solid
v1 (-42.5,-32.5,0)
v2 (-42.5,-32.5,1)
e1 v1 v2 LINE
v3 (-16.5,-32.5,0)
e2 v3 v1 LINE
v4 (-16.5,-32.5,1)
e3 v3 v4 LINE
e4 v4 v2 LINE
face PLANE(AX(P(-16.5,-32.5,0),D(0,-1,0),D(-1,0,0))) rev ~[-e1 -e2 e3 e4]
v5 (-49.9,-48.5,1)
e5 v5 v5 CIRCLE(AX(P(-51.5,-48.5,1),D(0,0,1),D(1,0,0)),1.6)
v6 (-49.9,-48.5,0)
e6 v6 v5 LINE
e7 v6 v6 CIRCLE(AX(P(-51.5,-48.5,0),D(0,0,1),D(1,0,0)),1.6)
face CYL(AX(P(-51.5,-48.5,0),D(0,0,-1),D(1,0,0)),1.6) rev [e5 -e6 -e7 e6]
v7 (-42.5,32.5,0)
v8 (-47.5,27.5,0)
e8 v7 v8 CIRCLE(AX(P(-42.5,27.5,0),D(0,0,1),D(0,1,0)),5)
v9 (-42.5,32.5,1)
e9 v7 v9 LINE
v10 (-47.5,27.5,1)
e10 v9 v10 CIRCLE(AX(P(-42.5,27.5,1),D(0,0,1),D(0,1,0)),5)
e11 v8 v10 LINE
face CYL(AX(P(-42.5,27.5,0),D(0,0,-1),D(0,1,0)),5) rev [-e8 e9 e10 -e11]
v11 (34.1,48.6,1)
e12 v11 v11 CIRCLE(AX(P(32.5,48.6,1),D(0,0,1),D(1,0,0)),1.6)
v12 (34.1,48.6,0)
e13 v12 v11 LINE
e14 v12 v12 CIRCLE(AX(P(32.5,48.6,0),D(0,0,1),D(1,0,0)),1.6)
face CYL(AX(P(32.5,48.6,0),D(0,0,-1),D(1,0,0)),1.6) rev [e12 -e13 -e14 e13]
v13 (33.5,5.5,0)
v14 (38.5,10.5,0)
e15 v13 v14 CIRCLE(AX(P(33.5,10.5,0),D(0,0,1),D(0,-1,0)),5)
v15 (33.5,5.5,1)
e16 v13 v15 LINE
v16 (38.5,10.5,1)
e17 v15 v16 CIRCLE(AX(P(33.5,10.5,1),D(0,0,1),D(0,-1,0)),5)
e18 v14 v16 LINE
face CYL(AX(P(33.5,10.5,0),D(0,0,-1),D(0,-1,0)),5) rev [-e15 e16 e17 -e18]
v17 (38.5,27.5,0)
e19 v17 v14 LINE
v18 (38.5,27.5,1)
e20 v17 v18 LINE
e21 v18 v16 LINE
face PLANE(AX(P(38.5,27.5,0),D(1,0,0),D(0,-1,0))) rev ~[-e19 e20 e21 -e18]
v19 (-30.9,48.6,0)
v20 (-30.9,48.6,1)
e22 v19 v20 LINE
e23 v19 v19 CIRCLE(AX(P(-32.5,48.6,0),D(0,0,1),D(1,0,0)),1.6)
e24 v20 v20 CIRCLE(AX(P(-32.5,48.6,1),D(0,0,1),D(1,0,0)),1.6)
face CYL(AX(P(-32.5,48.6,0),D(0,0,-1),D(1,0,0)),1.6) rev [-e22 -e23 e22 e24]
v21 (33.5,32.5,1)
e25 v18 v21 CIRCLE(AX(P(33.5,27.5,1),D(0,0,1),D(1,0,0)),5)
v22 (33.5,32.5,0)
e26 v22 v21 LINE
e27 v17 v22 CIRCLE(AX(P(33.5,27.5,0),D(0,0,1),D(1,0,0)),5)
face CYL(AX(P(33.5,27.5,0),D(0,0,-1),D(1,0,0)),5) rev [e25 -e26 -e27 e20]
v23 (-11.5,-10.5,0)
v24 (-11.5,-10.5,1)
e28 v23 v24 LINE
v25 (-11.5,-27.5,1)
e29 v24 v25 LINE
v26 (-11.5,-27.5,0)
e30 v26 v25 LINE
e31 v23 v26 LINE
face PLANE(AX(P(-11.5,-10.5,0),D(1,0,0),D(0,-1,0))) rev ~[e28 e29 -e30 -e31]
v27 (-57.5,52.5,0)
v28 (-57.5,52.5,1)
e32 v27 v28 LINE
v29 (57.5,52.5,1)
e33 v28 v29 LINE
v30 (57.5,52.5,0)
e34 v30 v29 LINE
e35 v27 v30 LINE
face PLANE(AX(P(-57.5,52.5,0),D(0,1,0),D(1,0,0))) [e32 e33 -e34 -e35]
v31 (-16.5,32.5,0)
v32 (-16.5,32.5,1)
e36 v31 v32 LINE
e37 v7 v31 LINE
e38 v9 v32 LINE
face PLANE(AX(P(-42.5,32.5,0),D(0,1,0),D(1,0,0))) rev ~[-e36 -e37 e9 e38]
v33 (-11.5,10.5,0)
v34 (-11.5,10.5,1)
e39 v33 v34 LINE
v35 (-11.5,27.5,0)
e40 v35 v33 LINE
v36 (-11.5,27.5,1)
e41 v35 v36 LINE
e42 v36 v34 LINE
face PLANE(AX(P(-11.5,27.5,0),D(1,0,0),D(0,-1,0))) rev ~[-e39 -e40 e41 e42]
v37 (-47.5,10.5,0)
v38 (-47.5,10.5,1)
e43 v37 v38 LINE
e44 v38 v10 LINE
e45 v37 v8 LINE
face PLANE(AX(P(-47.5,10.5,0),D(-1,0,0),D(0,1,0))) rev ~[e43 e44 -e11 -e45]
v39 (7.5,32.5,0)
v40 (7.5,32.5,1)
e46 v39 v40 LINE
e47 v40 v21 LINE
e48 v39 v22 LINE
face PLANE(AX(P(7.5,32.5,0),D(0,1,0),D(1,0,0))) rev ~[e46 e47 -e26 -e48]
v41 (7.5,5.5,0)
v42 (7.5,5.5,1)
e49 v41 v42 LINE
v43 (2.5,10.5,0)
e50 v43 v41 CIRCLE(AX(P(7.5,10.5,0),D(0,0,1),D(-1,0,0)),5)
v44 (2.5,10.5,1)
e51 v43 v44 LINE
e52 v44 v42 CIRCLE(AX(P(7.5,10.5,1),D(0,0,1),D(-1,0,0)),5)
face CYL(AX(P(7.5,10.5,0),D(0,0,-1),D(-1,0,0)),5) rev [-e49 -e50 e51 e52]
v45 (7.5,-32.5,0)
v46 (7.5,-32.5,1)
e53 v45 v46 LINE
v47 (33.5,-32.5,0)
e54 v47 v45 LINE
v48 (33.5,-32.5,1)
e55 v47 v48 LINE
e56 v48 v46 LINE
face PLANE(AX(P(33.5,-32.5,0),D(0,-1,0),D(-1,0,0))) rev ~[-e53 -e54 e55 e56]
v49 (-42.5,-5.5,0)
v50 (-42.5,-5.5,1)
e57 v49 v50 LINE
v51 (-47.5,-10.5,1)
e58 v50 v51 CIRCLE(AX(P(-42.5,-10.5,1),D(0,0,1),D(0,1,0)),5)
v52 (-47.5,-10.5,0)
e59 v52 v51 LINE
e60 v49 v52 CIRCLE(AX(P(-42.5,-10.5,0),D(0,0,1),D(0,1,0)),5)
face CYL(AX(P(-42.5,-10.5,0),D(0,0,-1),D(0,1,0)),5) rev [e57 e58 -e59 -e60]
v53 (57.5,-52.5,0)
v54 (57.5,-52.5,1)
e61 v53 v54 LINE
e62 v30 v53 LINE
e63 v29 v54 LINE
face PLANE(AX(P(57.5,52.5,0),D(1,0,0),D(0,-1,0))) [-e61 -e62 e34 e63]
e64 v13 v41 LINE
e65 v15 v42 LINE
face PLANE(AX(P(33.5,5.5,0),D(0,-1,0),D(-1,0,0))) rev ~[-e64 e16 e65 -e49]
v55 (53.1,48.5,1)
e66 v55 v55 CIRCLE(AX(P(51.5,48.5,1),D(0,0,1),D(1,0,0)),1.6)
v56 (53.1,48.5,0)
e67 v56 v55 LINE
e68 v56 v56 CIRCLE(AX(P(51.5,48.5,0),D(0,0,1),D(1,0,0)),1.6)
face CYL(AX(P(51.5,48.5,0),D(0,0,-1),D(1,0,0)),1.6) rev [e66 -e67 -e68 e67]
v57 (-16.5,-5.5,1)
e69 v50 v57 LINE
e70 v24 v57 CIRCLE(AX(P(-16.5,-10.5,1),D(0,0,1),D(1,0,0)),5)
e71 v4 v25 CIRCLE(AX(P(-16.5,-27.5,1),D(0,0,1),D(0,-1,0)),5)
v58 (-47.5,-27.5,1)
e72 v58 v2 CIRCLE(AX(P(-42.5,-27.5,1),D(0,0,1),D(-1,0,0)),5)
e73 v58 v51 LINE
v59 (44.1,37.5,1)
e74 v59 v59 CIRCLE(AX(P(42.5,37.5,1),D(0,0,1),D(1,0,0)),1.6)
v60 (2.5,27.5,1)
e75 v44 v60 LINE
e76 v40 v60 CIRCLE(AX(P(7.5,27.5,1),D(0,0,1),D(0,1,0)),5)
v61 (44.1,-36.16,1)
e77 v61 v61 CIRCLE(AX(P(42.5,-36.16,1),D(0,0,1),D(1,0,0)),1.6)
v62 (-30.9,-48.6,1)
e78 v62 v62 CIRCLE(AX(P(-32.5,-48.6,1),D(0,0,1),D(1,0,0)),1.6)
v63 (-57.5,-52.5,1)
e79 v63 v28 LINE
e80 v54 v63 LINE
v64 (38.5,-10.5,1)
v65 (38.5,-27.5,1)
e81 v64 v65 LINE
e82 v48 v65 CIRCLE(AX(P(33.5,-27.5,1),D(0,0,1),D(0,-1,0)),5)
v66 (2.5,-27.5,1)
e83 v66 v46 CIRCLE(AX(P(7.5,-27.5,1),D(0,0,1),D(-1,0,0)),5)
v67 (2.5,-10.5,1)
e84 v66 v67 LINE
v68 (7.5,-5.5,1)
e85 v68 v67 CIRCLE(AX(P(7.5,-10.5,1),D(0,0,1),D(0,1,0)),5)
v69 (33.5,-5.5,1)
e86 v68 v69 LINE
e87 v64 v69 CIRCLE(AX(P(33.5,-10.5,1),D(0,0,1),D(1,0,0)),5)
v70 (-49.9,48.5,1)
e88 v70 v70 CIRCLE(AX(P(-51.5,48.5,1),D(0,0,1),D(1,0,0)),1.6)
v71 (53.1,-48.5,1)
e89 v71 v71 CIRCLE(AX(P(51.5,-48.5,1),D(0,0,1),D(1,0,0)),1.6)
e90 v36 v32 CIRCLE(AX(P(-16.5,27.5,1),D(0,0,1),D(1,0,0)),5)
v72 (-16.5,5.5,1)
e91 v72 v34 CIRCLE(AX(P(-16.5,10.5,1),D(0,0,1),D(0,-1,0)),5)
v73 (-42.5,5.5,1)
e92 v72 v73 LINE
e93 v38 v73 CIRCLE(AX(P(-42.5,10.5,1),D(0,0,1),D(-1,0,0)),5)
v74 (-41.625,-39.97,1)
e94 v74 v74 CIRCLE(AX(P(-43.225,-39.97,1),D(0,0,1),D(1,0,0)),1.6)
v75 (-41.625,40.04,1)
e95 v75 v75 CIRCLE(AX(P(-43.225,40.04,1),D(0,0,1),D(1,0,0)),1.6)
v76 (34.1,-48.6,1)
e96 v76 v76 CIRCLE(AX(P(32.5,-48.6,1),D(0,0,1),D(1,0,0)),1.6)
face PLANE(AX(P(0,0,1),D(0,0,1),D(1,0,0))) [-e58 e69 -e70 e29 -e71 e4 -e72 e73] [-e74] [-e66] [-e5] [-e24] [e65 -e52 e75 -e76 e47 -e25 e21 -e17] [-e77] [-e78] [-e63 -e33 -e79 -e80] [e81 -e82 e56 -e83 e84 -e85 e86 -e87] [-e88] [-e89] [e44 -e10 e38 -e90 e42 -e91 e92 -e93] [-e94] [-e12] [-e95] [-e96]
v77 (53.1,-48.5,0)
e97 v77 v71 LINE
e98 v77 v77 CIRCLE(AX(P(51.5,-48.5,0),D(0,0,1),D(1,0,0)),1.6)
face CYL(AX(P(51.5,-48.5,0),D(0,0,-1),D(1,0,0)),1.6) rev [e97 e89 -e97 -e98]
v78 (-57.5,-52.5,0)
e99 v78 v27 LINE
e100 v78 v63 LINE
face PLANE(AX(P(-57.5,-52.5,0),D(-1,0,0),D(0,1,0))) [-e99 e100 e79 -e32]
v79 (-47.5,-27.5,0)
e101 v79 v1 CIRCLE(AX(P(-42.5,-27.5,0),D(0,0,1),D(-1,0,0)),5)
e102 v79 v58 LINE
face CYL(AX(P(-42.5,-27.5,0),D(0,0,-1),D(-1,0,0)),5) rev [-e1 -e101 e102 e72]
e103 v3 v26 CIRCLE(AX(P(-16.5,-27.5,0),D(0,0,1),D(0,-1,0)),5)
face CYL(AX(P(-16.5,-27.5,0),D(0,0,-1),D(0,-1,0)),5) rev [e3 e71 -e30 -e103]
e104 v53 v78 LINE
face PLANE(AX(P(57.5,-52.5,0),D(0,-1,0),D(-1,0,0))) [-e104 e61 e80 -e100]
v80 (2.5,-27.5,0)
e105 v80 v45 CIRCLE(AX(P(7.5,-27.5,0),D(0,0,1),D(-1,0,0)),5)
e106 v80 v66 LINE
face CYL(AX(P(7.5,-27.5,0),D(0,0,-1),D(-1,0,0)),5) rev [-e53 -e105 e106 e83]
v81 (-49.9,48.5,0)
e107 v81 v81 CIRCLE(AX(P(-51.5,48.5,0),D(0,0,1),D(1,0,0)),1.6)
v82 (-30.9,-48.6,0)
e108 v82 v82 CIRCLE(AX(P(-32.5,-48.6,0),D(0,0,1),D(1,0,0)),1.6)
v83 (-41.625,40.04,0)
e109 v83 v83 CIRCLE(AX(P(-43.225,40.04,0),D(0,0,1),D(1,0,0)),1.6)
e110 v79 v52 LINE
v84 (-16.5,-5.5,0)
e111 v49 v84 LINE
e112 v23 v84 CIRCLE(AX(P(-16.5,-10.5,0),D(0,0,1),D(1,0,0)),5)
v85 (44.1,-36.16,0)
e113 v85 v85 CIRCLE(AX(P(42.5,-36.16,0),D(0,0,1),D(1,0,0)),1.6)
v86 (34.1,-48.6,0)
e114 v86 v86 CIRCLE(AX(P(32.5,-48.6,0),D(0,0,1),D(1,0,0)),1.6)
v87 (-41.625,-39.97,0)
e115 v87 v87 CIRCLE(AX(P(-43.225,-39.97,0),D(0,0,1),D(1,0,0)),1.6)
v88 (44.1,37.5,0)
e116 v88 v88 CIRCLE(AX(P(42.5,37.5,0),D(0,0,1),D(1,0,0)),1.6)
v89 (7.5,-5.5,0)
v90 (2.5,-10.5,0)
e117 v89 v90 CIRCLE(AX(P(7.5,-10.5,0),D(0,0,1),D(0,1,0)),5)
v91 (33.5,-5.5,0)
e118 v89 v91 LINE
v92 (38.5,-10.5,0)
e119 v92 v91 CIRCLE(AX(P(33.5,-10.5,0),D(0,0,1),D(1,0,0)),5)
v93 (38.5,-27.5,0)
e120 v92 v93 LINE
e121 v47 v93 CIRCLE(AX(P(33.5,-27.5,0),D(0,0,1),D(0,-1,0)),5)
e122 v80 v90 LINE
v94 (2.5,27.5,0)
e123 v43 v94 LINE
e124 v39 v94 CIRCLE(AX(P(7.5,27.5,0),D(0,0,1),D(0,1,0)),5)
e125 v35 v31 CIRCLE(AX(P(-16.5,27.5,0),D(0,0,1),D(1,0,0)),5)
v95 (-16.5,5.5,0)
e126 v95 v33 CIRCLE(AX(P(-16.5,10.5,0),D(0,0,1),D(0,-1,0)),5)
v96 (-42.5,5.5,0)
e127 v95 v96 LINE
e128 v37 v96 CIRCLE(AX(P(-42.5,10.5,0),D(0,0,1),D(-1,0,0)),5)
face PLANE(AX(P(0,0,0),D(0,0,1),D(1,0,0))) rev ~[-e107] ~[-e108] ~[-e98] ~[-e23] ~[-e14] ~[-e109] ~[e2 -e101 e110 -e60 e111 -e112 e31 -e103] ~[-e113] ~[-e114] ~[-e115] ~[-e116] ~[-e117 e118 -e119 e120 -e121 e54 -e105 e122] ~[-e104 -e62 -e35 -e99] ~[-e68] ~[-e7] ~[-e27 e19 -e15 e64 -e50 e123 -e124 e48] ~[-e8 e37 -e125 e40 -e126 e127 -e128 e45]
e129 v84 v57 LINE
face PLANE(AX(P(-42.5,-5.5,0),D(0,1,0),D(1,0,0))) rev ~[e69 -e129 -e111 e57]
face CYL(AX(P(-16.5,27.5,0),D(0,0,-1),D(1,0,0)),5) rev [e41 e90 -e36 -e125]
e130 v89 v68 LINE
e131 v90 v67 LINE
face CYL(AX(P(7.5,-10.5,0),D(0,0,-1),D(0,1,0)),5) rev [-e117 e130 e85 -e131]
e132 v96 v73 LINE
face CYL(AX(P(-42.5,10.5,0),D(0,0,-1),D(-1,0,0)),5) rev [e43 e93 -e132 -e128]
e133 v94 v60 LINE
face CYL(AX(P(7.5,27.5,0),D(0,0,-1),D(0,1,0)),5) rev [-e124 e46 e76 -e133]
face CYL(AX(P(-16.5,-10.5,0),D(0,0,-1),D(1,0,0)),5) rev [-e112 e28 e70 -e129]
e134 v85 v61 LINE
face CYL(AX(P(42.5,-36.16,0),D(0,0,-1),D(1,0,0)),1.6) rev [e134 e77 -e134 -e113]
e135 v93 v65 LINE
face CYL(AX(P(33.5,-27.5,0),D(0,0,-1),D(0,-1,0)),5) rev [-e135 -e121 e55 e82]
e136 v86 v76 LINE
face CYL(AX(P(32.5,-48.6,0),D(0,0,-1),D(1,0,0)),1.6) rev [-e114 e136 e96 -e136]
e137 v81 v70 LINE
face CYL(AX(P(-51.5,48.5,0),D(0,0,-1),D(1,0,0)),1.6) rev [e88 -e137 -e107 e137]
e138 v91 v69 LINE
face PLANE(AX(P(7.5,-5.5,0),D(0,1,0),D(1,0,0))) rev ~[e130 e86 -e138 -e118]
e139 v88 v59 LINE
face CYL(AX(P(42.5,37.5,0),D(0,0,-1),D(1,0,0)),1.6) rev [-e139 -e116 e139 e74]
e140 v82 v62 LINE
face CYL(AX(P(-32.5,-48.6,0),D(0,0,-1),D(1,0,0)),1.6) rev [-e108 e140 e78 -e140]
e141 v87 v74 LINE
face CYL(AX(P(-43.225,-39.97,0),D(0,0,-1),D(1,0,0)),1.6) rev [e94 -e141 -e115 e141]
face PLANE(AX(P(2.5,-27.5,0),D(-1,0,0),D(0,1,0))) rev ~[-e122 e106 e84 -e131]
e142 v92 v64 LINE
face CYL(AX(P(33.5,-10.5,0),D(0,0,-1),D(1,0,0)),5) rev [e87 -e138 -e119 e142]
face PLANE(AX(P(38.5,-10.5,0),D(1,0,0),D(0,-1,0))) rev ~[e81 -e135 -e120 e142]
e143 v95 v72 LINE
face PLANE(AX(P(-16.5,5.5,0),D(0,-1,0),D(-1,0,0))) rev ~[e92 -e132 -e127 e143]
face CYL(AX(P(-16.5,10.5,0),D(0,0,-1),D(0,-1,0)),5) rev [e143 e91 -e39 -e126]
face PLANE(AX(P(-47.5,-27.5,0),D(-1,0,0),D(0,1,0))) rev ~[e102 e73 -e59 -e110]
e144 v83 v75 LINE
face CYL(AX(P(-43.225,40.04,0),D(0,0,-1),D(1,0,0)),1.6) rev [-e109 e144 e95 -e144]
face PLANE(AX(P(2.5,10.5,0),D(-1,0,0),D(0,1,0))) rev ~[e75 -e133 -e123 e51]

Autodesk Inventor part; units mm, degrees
ref_plane "YZ Plane" through (0, 0, 0) normal (1, 0, 0) x (0, 1, 0)
ref_plane "XZ Plane" through (0, 0, 0) normal (0, 1, 0) x (-1, 0, 0)
ref_plane "XY Plane" through (0, 0, 0) normal (0, 0, 1) x (1, 0, 0)
sketch "Sketch1" plane through (0, 0, 0) normal (0, 0, 1) x (1, 0, 0)
  line L0 (-57.5, 52.5) -> (57.5, 52.5)
  line L1 (57.5, 52.5) -> (57.5, -52.5)
  line L2 (57.5, -52.5) -> (-57.5, -52.5)
  line L3 (-57.5, -52.5) -> (-57.5, 52.5)
  line L4 (-57.5, 52.5) -> (57.5, -52.5) construction
  line L5 (57.5, 52.5) -> (-57.5, -52.5) construction
  circle A0 centre (42.5, 37.5) radius 1.6
  line L6 (-42.5, 32.5) -> (-16.5, 32.5)
  line L7 (-11.5, 27.5) -> (-11.5, 10.5)
  line L8 (-16.5, 5.5) -> (-42.5, 5.5)
  line L9 (-47.5, 10.5) -> (-47.5, 27.5)
  arc A1 (-42.5, 32.5) -> (-47.5, 27.5) centre (-42.5, 27.5) ccw
  arc A2 (-11.5, 27.5) -> (-16.5, 32.5) centre (-16.5, 27.5) ccw
  arc A3 (-16.5, 5.5) -> (-11.5, 10.5) centre (-16.5, 10.5) ccw
  arc A4 (-47.5, 10.5) -> (-42.5, 5.5) centre (-42.5, 10.5) ccw
  line L10 (38.5, 27.5) -> (38.5, 10.5)
  arc A5 (38.5, 27.5) -> (33.5, 32.5) centre (33.5, 27.5) ccw
  line L11 (7.5, 32.5) -> (33.5, 32.5)
  arc A6 (7.5, 32.5) -> (2.5, 27.5) centre (7.5, 27.5) ccw
  line L12 (2.5, 10.5) -> (2.5, 27.5)
  arc A7 (2.5, 10.5) -> (7.5, 5.5) centre (7.5, 10.5) ccw
  line L13 (33.5, 5.5) -> (7.5, 5.5)
  arc A8 (33.5, 5.5) -> (38.5, 10.5) centre (33.5, 10.5) ccw
  line L14 (-11.5, -10.5) -> (-11.5, -27.5)
  arc A9 (-11.5, -10.5) -> (-16.5, -5.5) centre (-16.5, -10.5) ccw
  line L15 (-42.5, -5.5) -> (-16.5, -5.5)
  arc A10 (-42.5, -5.5) -> (-47.5, -10.5) centre (-42.5, -10.5) ccw
  line L16 (-47.5, -27.5) -> (-47.5, -10.5)
  arc A11 (-47.5, -27.5) -> (-42.5, -32.5) centre (-42.5, -27.5) ccw
  line L17 (-16.5, -32.5) -> (-42.5, -32.5)
  arc A12 (-16.5, -32.5) -> (-11.5, -27.5) centre (-16.5, -27.5) ccw
  line L18 (38.5, -10.5) -> (38.5, -27.5)
  arc A13 (38.5, -10.5) -> (33.5, -5.5) centre (33.5, -10.5) ccw
  line L19 (7.5, -5.5) -> (33.5, -5.5)
  arc A14 (7.5, -5.5) -> (2.5, -10.5) centre (7.5, -10.5) ccw
  line L20 (2.5, -27.5) -> (2.5, -10.5)
  arc A15 (2.5, -27.5) -> (7.5, -32.5) centre (7.5, -27.5) ccw
  line L21 (33.5, -32.5) -> (7.5, -32.5)
  arc A16 (33.5, -32.5) -> (38.5, -27.5) centre (33.5, -27.5) ccw
  circle A17 centre (-43.225, 40.04) radius 1.6
  circle A18 centre (42.5, -36.16) radius 1.6
  circle A19 centre (-43.225, -39.97) radius 1.6
  circle A20 centre (-51.5, 48.5) radius 1.6
  circle A21 centre (-32.5, 48.6) radius 1.6
  line L22 (0, 0) -> (12.5, 0)
  circle A22 centre (-32.5, -48.6) radius 1.6
  circle A23 centre (-51.5, -48.5) radius 1.6
  circle A24 centre (51.5, 48.5) radius 1.6
  circle A25 centre (51.5, -48.5) radius 1.6
  line L23 (0, 0) -> (0, 10.1382)
  circle A26 centre (32.5, 48.6) radius 1.6
  circle A27 centre (32.5, -48.6) radius 1.6
  point P0 (-47.5, 32.5)
  point P1 (-11.5, 5.5)
  point P2 (-11.5, 32.5)
  point P3 (38.5, 32.5)
  point P4 (38.5, 5.5)
  point P5 (2.5, 32.5)
  point P6 (-11.5, -5.5)
  point P7 (-11.5, -32.5)
  point P8 (-47.5, -5.5)
  point P9 (38.5, -5.5)
  point P10 (38.5, -32.5)
  point P11 (2.5, -5.5)
  dimension "d0" = 115
  dimension "d1" = 105
  dimension "d10" = 15
  dimension "d12" = 3.2
  dimension "d13" = 36
  dimension "d14" = 27
  dimension "d15" = 20
  dimension "d16" = 10
  dimension "d17" = 5
  dimension "d20" = 50
  dimension "d23" = 38
  dimension "d38" = 15
  dimension "d39" = 2.54
  dimension "d40" = 3.2
  dimension "d41" = 85.725
  dimension "d42" = 3.2
  dimension "d43" = 3.2
  dimension "d44" = 73.66
  dimension "d45" = 80.01
  dimension "d47" = 3.2
  dimension "d48" = 4
  dimension "d49" = 6
  dimension "d52" = 25
  dimension "d53" = 3.9
  dimension "d54" = 3.2
  dimension "d56" = 97
  dimension "d59" = 3.2
  dimension "d60" = 6
  dimension "d61" = 4
  dimension "d62" = 11
  dimension "d63" = 14
  dimension "d64" = 14.275
sketch "Sketch2" plane through (0, 0, 1) normal (0, 0, 1) x (1, 0, 0)
  arc A0 (27.5, -15) -> (32.5, -10) centre (27.5, -10) ccw
  line L0 (27.5, -15) -> (7.5, -15)
  arc A1 (2.5, -10) -> (7.5, -15) centre (7.5, -10) ccw
  line L1 (2.5, -10) -> (2.5, 0)
  arc A2 (7.5, 5) -> (2.5, 0) centre (7.5, 0) ccw
  line L2 (7.5, 5) -> (27.5, 5)
  arc A3 (32.5, 0) -> (27.5, 5) centre (27.5, 0) ccw
  line L3 (32.5, 0) -> (32.5, -10)
  arc A4 (-17.5, -15) -> (-12.5, -10) centre (-17.5, -10) ccw
  line L4 (-17.5, -15) -> (-37.5, -15)
  arc A5 (-42.5, -10) -> (-37.5, -15) centre (-37.5, -10) ccw
  line L5 (-42.5, -10) -> (-42.5, 0)
  arc A6 (-37.5, 5) -> (-42.5, 0) centre (-37.5, 0) ccw
  line L6 (-37.5, 5) -> (-17.5, 5)
  arc A7 (-12.5, 0) -> (-17.5, 5) centre (-17.5, 0) ccw
  line L7 (-12.5, 0) -> (-12.5, -10)
  arc A8 (27.5, 20) -> (32.5, 25) centre (27.5, 25) ccw
  line L8 (27.5, 20) -> (7.5, 20)
  arc A9 (2.5, 25) -> (7.5, 20) centre (7.5, 25) ccw
  line L9 (2.5, 25) -> (2.5, 35)
  arc A10 (7.5, 40) -> (2.5, 35) centre (7.5, 35) ccw
  line L10 (7.5, 40) -> (27.5, 40)
  arc A11 (32.5, 35) -> (27.5, 40) centre (27.5, 35) ccw
  line L11 (32.5, 35) -> (32.5, 25)
  arc A12 (-12.5, 35) -> (-17.5, 40) centre (-17.5, 35) ccw
  line L12 (-12.5, 35) -> (-12.5, 25)
  arc A13 (-17.5, 20) -> (-12.5, 25) centre (-17.5, 25) ccw
  line L13 (-17.5, 20) -> (-37.5, 20)
  arc A14 (-42.5, 25) -> (-37.5, 20) centre (-37.5, 25) ccw
  line L14 (-42.5, 25) -> (-42.5, 35)
  arc A15 (-37.5, 40) -> (-42.5, 35) centre (-37.5, 35) ccw
  line L15 (-37.5, 40) -> (-17.5, 40)
  circle A16 centre (42.5, 40) radius 1.6
  line L16 (52.5, 50) -> (52.5, -50)
  line L17 (-52.5, 50) -> (52.5, 50)
  line L18 (-52.5, -50) -> (-52.5, 50)
  line L19 (52.5, -50) -> (-52.5, -50)
  line L20 (62.5, -60) -> (62.5, 60)
  line L21 (62.5, 60) -> (-62.5, 60)
  line L22 (-62.5, 60) -> (-62.5, -60)
  line L23 (-62.5, -60) -> (62.5, -60)
  circle A17 centre (-4.5, 56) radius 1.6
  circle A18 centre (58.5, 12) radius 1.6
  line L24 (-4.5, 12) -> (2.5, 12)
  circle A19 centre (-4.5, -32) radius 1.6
  line L25 (-4.5, 12) -> (-4.5, 17.4476)
  circle A20 centre (-67.5, 12) radius 1.6
  point P0 (57.5, -52.5)
  dimension "d28" = 10
  dimension "d29" = 3.2
  dimension "d30" = 6
  dimension "d31" = 3.2
  dimension "d32" = 6
extrude "Plate1" add sketch "Sketch1" along normal blind 1
equation "\"折彎半徑\" = 厚度"
equation "\"折彎離隙寬度\" = 厚度"
equation "\"折彎離隙深度\" = 0.5 * 厚度"
equation "\"轉角離隙大小\" = 4 * 厚度"
equation "\"最小剩餘\" = 2 * 厚度"
equation "\"轉移半徑\" = 折彎半徑"
equation "\"Jacobi半徑大小\" = 折彎半徑"
equation "\"間隙大小\" = 厚度"
properties part number "PCB_board_box_buttom" material "Aluminum"
